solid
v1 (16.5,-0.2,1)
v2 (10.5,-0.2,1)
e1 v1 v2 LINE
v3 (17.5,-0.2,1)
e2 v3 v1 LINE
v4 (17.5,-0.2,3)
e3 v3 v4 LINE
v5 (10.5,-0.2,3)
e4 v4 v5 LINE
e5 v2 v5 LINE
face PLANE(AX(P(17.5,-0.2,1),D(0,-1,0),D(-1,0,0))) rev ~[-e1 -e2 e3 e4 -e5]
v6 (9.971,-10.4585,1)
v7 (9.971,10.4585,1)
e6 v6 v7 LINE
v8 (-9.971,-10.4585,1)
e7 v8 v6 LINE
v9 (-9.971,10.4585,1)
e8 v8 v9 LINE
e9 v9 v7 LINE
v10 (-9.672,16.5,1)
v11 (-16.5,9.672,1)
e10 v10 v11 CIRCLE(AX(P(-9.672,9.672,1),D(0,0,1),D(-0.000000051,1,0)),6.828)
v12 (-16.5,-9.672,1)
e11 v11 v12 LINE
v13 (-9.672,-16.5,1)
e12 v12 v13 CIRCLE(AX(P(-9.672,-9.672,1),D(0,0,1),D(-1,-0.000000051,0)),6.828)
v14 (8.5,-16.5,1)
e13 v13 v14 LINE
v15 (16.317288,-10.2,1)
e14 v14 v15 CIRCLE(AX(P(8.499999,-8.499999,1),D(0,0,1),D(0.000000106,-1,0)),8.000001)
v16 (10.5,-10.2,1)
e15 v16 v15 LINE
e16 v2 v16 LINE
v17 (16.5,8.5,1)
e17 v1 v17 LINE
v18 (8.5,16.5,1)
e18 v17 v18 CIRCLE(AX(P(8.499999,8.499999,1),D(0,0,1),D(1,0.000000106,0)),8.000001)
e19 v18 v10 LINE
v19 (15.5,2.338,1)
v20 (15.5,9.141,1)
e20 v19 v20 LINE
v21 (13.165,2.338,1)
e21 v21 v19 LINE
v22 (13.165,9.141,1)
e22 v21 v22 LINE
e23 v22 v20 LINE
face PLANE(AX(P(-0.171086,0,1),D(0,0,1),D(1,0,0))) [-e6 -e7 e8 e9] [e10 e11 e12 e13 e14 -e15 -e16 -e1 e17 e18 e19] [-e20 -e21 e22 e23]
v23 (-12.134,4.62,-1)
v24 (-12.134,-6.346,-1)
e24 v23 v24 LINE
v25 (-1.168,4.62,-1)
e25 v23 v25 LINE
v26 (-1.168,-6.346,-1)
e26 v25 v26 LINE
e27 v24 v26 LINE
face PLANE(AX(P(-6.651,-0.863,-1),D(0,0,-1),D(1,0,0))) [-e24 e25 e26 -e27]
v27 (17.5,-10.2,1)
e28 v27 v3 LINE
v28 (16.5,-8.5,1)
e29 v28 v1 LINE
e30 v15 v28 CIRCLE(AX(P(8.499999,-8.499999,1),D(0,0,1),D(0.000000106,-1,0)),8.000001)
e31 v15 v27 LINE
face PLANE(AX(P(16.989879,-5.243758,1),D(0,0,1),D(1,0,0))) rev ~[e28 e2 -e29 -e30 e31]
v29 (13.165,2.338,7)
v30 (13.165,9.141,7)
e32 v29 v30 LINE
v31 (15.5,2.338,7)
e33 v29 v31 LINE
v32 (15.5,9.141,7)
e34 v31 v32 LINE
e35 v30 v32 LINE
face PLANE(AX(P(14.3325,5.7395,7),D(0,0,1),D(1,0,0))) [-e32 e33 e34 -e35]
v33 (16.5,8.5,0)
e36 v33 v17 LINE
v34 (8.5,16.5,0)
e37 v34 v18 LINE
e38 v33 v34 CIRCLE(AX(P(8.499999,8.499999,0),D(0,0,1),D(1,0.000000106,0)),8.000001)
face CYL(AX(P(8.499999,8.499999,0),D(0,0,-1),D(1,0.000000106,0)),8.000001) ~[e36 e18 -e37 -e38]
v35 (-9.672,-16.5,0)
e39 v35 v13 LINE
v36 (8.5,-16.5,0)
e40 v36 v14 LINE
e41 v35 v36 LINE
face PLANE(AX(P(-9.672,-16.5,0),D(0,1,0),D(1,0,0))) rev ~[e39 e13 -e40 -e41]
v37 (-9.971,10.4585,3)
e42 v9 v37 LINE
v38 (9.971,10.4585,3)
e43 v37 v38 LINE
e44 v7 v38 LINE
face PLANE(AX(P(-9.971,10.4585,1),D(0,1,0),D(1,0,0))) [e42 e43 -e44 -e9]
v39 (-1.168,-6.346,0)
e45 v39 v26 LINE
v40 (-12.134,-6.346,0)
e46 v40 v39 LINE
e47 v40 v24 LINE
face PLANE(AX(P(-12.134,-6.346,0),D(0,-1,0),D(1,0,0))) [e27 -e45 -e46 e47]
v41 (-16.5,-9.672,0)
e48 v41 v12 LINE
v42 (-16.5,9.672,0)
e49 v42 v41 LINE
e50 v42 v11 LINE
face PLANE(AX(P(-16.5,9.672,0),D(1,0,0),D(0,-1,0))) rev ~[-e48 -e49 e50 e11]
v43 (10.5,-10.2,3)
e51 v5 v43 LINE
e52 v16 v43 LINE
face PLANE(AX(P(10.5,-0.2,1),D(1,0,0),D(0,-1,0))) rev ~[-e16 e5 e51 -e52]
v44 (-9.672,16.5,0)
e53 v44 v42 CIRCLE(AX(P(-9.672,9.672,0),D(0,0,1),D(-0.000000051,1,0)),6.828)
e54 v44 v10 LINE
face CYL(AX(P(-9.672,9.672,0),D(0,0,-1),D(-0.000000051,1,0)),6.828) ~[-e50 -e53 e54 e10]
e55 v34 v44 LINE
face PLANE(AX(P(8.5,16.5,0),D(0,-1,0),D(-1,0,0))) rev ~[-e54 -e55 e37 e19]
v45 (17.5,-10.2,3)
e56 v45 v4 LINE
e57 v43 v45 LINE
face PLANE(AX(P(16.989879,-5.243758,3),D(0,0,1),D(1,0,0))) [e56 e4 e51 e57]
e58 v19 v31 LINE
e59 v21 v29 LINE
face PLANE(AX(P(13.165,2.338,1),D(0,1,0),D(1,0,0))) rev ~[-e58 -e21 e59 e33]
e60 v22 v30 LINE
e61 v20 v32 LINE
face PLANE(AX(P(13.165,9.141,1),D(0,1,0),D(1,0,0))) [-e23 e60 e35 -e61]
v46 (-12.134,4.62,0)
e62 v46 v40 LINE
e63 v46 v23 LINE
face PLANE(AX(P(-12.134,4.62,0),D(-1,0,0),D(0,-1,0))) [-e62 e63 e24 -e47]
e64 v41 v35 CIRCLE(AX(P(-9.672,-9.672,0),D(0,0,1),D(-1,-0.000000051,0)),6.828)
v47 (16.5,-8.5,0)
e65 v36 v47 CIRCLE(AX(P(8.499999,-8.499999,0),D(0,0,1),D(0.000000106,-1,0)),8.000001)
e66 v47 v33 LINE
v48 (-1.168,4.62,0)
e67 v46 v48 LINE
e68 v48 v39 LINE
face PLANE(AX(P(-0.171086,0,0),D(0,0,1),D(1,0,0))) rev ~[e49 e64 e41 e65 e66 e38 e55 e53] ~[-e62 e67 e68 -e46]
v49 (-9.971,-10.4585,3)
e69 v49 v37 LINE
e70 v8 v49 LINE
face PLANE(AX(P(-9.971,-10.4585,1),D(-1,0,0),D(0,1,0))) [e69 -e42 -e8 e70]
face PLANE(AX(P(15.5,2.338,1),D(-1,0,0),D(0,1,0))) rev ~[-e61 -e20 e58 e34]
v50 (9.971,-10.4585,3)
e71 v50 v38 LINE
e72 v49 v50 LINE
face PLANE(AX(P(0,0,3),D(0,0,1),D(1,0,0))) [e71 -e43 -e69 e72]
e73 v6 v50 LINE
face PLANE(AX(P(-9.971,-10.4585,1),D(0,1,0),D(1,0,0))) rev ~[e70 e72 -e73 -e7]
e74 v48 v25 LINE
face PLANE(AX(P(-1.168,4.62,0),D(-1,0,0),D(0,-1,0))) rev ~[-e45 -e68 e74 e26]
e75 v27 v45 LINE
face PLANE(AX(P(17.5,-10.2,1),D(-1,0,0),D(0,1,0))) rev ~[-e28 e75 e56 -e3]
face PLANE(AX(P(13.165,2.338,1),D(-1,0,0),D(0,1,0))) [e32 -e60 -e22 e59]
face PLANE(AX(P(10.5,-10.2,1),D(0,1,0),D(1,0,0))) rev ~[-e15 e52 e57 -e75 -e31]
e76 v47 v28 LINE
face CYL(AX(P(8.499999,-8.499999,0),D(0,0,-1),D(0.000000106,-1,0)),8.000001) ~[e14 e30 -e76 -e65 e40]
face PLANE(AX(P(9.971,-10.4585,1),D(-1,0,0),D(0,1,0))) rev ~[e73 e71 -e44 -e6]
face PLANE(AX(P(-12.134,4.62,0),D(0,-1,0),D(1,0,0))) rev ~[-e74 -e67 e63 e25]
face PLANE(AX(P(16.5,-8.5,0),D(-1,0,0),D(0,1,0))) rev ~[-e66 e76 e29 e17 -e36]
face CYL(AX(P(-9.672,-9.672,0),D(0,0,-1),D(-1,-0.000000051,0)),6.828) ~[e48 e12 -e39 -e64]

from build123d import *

# Parameters (mm, degrees)
F1_DEPTH = 1
F3_DEPTH = 2
F4_W     = 19.942
F4_H     = 20.917
F5_DEPTH = 2
F2_W     = 2.335
F2_H     = 6.803
F6_DEPTH = 6
F7_W     = 10.966
F7_H     = 10.966
F8_DEPTH = 1


with BuildPart() as f1:
    # F0 (on Top) → F1 (new body)
    with BuildSketch(Plane.XY):
        with BuildLine():
            Line((-9.672, -16.5), (8.5, -16.5))
            ThreePointArc((8.5, -16.5), (14.156854, -14.156854), (16.5, -8.5))
            Line((16.5, -8.5), (16.5, 8.5))
            ThreePointArc((16.5, 8.5), (14.156854, 14.156854), (8.5, 16.5))
            Line((8.5, 16.5), (-9.672, 16.5))
            ThreePointArc((-9.672, 16.5), (-14.500125, 14.500125), (-16.5, 9.672))
            Line((-16.5, 9.672), (-16.5, -9.672))
            ThreePointArc((-16.5, -9.672), (-14.500125, -14.500125), (-9.672, -16.5))
        make_face()
    extrude(amount=F1_DEPTH)

    # F2 (on face) → F3 (join)
    with BuildSketch(Plane.XY.offset(1)):
        with BuildLine():
            Line((16.317289, -10.2), (17.5, -10.2))
            Line((17.5, -10.2), (17.5, -0.2))
            Line((17.5, -0.2), (16.5, -0.2))
            Line((16.5, -0.2), (16.5, -8.5))
            ThreePointArc((16.5, -8.5), (16.454191, -9.354895), (16.317289, -10.2))
        make_face()
        with BuildLine():
            Line((10.5, -10.2), (16.317289, -10.2))
            ThreePointArc((16.317289, -10.2), (16.454191, -9.354895), (16.5, -8.5))
            Line((16.5, -8.5), (16.5, -0.2))
            Line((16.5, -0.2), (10.5, -0.2))
            Line((10.5, -0.2), (10.5, -10.2))
        make_face()
    extrude(amount=F3_DEPTH)

    # F4 (on face) → F5 (join)
    with BuildSketch(Plane.XY.offset(1)):
        Rectangle(F4_W, F4_H)
    extrude(amount=F5_DEPTH)

    # F2 (on face) → F6 (join)
    with BuildSketch(Plane.XY.offset(1)):
        with Locations((14.3325, 5.7395)):
            Rectangle(F2_W, F2_H)
    extrude(amount=F6_DEPTH)

    # F7 (on face) → F8 (join)
    with BuildSketch(Plane(origin=(0, 0, 0), x_dir=(1, 0, 0), z_dir=(0, 0, -1))):
        with Locations((-6.651, 0.863)):
            Rectangle(F7_W, F7_H)
    extrude(amount=F8_DEPTH)


solid = f1.part
